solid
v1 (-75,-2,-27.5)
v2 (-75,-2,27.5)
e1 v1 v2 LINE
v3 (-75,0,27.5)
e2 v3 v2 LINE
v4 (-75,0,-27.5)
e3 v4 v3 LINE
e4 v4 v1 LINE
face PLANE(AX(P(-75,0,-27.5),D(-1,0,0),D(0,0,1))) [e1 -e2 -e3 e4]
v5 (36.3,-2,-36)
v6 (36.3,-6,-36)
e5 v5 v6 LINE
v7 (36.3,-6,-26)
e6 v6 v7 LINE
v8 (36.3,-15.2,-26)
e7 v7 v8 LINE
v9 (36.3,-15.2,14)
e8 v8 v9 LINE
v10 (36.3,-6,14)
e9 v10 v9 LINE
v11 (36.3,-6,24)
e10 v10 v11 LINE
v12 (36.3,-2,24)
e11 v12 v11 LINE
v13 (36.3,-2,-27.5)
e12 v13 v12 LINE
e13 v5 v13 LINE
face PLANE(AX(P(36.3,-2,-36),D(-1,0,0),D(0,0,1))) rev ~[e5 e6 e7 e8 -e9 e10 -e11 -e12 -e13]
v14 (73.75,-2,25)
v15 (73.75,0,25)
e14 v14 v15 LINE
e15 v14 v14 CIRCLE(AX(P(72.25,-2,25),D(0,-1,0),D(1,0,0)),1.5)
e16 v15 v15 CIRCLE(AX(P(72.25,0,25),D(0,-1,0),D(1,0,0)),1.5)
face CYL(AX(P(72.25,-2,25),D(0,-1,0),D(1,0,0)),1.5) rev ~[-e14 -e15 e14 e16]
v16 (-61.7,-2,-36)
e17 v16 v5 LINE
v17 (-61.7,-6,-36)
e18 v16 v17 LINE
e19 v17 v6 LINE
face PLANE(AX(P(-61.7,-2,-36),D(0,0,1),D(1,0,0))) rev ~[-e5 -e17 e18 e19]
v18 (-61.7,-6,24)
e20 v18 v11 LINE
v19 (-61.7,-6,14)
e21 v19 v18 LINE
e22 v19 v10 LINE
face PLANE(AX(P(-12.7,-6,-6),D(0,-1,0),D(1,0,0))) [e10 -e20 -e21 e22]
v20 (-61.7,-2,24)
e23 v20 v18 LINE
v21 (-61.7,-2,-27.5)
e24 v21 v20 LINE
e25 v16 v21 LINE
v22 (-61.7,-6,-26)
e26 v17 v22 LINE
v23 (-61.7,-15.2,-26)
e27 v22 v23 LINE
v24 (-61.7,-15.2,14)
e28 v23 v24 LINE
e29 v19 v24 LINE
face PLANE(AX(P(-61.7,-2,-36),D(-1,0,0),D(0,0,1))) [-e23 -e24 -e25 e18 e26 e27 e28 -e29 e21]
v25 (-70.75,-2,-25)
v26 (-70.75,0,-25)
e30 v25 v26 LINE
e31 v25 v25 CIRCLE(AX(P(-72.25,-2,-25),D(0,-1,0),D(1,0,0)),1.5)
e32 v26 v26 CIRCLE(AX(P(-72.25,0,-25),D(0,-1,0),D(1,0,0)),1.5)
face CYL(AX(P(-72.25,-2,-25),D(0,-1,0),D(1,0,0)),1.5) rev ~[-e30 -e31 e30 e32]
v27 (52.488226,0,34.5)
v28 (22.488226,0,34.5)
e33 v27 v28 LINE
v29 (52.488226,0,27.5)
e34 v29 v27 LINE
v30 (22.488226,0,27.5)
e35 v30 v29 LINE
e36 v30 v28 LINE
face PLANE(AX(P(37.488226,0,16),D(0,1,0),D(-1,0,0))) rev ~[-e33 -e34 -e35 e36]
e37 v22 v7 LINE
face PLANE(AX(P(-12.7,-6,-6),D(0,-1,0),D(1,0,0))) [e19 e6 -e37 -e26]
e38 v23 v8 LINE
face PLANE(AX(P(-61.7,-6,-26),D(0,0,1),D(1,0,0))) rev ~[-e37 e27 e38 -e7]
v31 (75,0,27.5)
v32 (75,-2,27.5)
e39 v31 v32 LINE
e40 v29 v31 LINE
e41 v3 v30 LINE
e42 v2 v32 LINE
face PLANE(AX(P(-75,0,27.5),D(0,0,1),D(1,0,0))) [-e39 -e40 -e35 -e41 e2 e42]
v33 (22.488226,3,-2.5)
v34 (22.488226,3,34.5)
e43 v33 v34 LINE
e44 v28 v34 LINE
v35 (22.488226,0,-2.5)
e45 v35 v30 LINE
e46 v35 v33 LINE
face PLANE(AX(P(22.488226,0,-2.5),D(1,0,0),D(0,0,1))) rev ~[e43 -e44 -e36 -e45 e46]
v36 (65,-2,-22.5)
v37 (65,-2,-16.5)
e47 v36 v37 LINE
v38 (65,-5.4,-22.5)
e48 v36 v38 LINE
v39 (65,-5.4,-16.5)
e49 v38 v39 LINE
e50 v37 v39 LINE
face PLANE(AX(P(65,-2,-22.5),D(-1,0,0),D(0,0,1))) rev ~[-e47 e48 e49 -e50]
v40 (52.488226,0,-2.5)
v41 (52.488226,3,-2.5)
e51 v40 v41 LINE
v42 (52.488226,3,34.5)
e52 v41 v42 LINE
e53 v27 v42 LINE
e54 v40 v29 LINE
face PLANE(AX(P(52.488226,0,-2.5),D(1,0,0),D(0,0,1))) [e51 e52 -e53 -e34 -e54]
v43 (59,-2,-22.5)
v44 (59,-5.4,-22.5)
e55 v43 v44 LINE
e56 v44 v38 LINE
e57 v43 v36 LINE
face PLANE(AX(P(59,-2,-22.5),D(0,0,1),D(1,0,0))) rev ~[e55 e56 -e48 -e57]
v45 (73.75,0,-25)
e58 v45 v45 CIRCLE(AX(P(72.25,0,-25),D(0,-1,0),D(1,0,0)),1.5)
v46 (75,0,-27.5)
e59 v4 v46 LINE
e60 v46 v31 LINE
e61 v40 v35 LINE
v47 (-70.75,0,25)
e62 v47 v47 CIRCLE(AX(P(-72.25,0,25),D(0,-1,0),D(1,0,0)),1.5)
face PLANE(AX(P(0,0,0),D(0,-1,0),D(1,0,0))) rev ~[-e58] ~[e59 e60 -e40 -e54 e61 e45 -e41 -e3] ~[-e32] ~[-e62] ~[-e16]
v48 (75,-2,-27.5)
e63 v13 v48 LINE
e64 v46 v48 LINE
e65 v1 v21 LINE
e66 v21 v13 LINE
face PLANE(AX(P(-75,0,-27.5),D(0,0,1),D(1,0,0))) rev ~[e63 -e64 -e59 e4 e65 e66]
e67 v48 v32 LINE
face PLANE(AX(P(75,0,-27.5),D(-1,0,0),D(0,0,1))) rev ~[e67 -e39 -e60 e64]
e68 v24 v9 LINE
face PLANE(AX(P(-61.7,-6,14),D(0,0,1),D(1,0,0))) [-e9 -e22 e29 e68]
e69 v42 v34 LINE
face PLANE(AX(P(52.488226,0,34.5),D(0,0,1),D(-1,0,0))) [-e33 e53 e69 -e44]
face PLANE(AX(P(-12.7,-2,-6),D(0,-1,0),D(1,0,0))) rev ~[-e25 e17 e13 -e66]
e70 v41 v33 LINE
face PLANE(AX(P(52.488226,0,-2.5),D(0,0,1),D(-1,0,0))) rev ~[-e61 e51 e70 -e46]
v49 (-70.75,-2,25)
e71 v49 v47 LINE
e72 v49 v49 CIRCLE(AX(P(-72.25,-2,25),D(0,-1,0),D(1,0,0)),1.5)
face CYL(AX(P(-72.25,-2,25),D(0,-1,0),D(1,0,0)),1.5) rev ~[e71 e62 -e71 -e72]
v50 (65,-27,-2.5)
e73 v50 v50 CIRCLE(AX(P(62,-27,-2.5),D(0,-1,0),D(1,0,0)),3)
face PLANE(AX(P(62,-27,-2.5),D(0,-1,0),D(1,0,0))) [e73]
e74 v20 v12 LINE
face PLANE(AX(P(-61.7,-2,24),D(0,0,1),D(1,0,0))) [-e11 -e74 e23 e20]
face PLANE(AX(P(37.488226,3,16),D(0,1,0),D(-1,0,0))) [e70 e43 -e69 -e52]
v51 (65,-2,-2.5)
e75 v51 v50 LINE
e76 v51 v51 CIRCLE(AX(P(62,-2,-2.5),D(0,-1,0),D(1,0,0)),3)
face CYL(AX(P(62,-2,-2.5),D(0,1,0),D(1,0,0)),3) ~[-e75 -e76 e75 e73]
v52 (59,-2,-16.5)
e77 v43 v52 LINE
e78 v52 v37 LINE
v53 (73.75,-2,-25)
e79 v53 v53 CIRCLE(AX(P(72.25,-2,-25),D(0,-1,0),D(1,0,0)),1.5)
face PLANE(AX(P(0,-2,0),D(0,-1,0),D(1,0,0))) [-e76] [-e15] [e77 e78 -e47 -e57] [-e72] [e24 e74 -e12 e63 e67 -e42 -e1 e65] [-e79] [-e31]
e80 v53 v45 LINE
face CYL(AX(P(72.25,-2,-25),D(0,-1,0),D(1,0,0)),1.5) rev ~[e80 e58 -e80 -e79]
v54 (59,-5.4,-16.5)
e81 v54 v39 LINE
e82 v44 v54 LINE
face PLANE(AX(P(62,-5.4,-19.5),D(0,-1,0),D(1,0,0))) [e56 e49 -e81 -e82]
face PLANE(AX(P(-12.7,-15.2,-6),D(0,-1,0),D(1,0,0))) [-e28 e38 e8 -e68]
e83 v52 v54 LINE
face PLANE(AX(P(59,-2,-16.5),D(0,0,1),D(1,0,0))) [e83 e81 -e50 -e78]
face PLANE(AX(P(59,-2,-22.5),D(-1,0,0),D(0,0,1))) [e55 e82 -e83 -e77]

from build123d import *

# Parameters (mm, degrees)
F0_W      = 150
F0_H      = 55
F1_DEPTH  = 2
F2_R      = 1.5
F3_DEPTH  = 2.001
F4_R      = 3
F5_DEPTH  = 25
F6_W      = 6
F6_H      = 6
F7_DEPTH  = 3.4
F8_W      = 98
F8_H      = 60
F9_DEPTH  = 4
F10_W     = 98
F10_H     = 40
F11_DEPTH = 9.2
F12_W     = 30
F12_H     = 37
F13_DEPTH = 3


with BuildPart() as f1:
    # F0 (on Front) → F1 (new body)
    with BuildSketch(Plane.XZ):
        Rectangle(F0_W, F0_H)
    extrude(amount=F1_DEPTH)

    # F2 (on face) → F3 (cut, through all)
    with BuildSketch(Plane.XZ.offset(2)):
        with Locations((-72.25, 25)):
            Circle(F2_R)
        with Locations((-72.25, -25)):
            Circle(F2_R)
        with Locations((72.25, 25)):
            Circle(F2_R)
        with Locations((72.25, -25)):
            Circle(F2_R)
    extrude(amount=-F3_DEPTH, mode=Mode.SUBTRACT)

    # F4 (on face) → F5 (join)
    with BuildSketch(Plane.XZ.offset(2)):
        with Locations((62, -2.5)):
            Circle(F4_R)
    extrude(amount=F5_DEPTH)

    # F6 (on face) → F7 (join)
    with BuildSketch(Plane.XZ.offset(2)):
        with Locations((62, -19.5)):
            Rectangle(F6_W, F6_H)
    extrude(amount=F7_DEPTH)

    # F8 (on face) → F9 (join)
    with BuildSketch(Plane.XZ.offset(2)):
        with Locations((-12.7, -6)):
            Rectangle(F8_W, F8_H)
    extrude(amount=F9_DEPTH)

    # F10 (on face) → F11 (join)
    with BuildSketch(Plane.XZ.offset(6)):
        with Locations((-12.7, -6)):
            Rectangle(F10_W, F10_H)
    extrude(amount=F11_DEPTH)

    # F12 (on face) → F13 (join)
    with BuildSketch(Plane(origin=(0, 0, 0), x_dir=(-1, 0, 0), z_dir=(0, 1, 0))):
        with Locations((-37.488226, 16)):
            Rectangle(F12_W, F12_H)
    extrude(amount=F13_DEPTH)


solid = f1.part
